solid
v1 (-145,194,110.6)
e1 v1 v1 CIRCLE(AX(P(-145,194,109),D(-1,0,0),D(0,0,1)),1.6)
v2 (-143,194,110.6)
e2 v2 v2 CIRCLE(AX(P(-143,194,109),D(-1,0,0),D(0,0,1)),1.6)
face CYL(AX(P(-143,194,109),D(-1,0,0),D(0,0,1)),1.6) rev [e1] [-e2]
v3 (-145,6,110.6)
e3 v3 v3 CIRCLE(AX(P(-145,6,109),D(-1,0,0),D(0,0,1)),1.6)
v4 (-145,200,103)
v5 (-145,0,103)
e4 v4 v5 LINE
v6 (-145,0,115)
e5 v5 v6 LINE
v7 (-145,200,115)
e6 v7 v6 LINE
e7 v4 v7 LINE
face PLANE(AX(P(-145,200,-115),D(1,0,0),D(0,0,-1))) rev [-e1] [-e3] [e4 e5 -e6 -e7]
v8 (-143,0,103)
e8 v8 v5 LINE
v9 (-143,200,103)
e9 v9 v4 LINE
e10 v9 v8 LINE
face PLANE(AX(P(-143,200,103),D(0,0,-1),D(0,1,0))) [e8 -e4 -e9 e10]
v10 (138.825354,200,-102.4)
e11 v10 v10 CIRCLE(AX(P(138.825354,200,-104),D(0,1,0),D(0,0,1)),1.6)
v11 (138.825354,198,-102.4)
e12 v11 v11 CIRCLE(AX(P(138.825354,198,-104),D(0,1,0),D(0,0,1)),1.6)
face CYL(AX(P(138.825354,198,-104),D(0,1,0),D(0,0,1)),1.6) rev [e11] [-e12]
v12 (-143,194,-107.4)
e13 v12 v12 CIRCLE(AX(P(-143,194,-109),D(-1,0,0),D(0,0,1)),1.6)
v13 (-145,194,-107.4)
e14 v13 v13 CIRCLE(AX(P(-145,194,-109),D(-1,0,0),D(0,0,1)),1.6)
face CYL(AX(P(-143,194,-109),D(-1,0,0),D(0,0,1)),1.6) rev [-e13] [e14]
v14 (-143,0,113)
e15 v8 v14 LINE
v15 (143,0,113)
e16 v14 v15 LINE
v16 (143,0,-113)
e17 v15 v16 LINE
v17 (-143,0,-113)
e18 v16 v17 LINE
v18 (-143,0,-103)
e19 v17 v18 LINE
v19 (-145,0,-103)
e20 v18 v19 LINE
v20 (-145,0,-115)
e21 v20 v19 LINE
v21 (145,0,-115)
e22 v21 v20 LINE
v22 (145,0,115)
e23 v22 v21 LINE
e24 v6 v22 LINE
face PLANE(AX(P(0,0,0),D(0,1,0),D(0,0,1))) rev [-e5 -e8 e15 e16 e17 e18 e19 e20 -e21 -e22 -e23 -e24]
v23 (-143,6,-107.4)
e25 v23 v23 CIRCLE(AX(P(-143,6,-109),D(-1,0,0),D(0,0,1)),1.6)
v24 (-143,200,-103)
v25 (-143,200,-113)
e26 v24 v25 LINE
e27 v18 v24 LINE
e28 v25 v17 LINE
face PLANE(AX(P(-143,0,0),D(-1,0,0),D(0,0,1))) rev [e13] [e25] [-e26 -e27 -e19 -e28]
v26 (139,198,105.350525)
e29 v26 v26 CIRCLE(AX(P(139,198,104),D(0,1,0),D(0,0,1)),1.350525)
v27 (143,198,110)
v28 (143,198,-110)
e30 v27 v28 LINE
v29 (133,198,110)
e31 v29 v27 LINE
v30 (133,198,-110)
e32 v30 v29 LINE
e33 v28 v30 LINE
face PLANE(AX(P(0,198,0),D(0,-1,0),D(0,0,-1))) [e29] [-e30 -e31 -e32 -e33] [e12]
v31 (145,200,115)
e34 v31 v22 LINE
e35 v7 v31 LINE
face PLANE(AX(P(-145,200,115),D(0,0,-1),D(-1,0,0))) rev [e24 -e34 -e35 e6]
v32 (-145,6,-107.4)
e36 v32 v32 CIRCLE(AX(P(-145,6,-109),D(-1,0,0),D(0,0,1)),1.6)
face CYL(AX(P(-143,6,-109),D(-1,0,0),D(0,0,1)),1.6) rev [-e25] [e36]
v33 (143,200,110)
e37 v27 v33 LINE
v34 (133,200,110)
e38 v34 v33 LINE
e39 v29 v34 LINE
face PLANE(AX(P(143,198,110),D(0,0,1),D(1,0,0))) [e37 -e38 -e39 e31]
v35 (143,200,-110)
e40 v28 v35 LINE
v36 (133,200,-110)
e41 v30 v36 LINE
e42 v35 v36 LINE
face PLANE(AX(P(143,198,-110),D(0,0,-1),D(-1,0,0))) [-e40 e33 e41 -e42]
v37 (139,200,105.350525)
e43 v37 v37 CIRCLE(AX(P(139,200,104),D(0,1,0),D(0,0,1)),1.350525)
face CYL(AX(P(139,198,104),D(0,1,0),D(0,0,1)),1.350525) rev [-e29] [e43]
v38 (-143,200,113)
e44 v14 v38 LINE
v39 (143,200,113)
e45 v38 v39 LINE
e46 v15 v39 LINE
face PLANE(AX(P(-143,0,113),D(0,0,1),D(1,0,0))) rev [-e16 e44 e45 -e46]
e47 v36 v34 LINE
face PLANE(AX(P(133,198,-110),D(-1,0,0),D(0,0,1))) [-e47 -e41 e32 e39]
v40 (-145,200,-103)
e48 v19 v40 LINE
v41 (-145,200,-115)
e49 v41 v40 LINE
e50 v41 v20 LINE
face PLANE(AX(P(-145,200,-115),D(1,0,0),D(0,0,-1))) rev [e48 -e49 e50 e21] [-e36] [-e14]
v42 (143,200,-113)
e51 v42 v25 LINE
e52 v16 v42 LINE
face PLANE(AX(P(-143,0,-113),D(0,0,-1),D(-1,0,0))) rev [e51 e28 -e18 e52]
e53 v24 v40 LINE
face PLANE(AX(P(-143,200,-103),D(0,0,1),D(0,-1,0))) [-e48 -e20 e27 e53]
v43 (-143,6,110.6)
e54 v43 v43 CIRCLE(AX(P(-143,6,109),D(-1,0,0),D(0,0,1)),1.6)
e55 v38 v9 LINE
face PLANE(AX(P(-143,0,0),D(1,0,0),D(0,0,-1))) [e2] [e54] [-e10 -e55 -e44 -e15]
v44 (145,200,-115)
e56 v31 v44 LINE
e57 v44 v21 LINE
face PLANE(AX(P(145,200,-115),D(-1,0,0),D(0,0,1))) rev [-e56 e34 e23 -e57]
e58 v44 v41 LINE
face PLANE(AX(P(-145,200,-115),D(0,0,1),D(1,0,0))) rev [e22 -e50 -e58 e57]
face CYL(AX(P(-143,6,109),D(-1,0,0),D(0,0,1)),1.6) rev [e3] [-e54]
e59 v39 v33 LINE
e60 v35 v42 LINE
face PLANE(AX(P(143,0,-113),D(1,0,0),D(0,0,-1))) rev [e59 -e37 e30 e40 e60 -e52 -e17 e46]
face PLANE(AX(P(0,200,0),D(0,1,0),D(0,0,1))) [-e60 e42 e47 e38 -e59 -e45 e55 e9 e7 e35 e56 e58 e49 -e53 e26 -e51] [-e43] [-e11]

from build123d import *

# Parameters (mm, degrees)
SKETCH_1_W          = 290
SKETCH_1_H          = 230
EXTRUDE_1_DEPTH     = 200
SKETCH_2_W          = 286
SKETCH_2_H          = 226
CUT_EXTRUDE_1_DEPTH = 200
SKETCH_3_W          = 226
SKETCH_3_H          = 200
CUT_EXTRUDE_2_DEPTH = 2
SKETCH_5_W          = 10
SKETCH_5_H          = 220
EXTRUDE_2_DEPTH     = 2
SKETCH_6_R          = 1.6
CUT_EXTRUDE_3_DEPTH = 2
SKETCH_7_R          = 1.350525158
CUT_EXTRUDE_4_DEPTH = 2
SKETCH_8_W          = 10
SKETCH_8_H          = 200
EXTRUDE_3_DEPTH     = 2
SKETCH_9_R          = 1.6
CUT_EXTRUDE_5_DEPTH = 2
SKETCH_10_R         = 1.6
CUT_EXTRUDE_6_DEPTH = 2
SKETCH_11_W         = 10
SKETCH_11_H         = 200
EXTRUDE_4_DEPTH     = 2
SKETCH_12_R         = 1.6
CUT_EXTRUDE_7_DEPTH = 2
SKETCH_13_R         = 1.6
CUT_EXTRUDE_8_DEPTH = 2


with BuildPart() as part:
    # 草图1 → 凸台-拉伸1 (new body)
    with BuildSketch(Plane(origin=(0, 0, 0), x_dir=(1, 0, 0), z_dir=(0, 1, 0))):
        Rectangle(SKETCH_1_W, SKETCH_1_H)
    extrude(amount=EXTRUDE_1_DEPTH)

    # 草图2 → 切除-拉伸1 (cut)
    with BuildSketch(Plane(origin=(0, 200, 0), x_dir=(1, 0, 0), z_dir=(0, 1, 0))):
        Rectangle(SKETCH_2_W, SKETCH_2_H)
    extrude(amount=-CUT_EXTRUDE_1_DEPTH, mode=Mode.SUBTRACT)

    # 草图3 → 切除-拉伸2 (cut)
    with BuildSketch(Plane.ZY.offset(145)):
        with Locations((0, 100)):
            Rectangle(SKETCH_3_W, SKETCH_3_H)
    extrude(amount=-CUT_EXTRUDE_2_DEPTH, mode=Mode.SUBTRACT)

    # 草图5 → 凸台-拉伸2 (add)
    with BuildSketch(Plane(origin=(0, 200, 0), x_dir=(1, 0, 0), z_dir=(0, 1, 0))):
        with Locations((138, 0)):
            Rectangle(SKETCH_5_W, SKETCH_5_H)
    extrude(amount=-EXTRUDE_2_DEPTH)

    # 草图6 → 切除-拉伸3 (cut)
    with BuildSketch(Plane(origin=(0, 200, 0), x_dir=(1, 0, 0), z_dir=(0, 1, 0))):
        with Locations(Location((138.825354176, 104, 0), (0, 0, 270))):
            Circle(SKETCH_6_R)
    extrude(amount=-CUT_EXTRUDE_3_DEPTH, mode=Mode.SUBTRACT)

    # 草图7 → 切除-拉伸4 (cut)
    with BuildSketch(Plane(origin=(0, 200, 0), x_dir=(1, 0, 0), z_dir=(0, 1, 0))):
        with Locations(Location((139, -104, 0), (0, 0, 270))):
            Circle(SKETCH_7_R)
    extrude(amount=-CUT_EXTRUDE_4_DEPTH, mode=Mode.SUBTRACT)

    # 草图8 → 凸台-拉伸3 (add)
    with BuildSketch(Plane.ZY.offset(145)):
        with Locations((108, 100)):
            Rectangle(SKETCH_8_W, SKETCH_8_H)
    extrude(amount=-EXTRUDE_3_DEPTH)

    # 草图9 → 切除-拉伸5 (cut)
    with BuildSketch(Plane.ZY.offset(145)):
        with Locations((109, 194)):
            Circle(SKETCH_9_R)
    extrude(amount=-CUT_EXTRUDE_5_DEPTH, mode=Mode.SUBTRACT)

    # 草图10 → 切除-拉伸6 (cut)
    with BuildSketch(Plane.ZY.offset(145)):
        with Locations((109, 6)):
            Circle(SKETCH_10_R)
    extrude(amount=-CUT_EXTRUDE_6_DEPTH, mode=Mode.SUBTRACT)

    # 草图11 → 凸台-拉伸4 (add)
    with BuildSketch(Plane.ZY.offset(145)):
        with Locations((-108, 100)):
            Rectangle(SKETCH_11_W, SKETCH_11_H)
    extrude(amount=-EXTRUDE_4_DEPTH)

    # 草图12 → 切除-拉伸7 (cut)
    with BuildSketch(Plane.ZY.offset(145)):
        with Locations((-109, 194)):
            Circle(SKETCH_12_R)
    extrude(amount=-CUT_EXTRUDE_7_DEPTH, mode=Mode.SUBTRACT)

    # 草图13 → 切除-拉伸8 (cut)
    with BuildSketch(Plane.ZY.offset(145)):
        with Locations((-109, 6)):
            Circle(SKETCH_13_R)
    extrude(amount=-CUT_EXTRUDE_8_DEPTH, mode=Mode.SUBTRACT)


solid = part.part
